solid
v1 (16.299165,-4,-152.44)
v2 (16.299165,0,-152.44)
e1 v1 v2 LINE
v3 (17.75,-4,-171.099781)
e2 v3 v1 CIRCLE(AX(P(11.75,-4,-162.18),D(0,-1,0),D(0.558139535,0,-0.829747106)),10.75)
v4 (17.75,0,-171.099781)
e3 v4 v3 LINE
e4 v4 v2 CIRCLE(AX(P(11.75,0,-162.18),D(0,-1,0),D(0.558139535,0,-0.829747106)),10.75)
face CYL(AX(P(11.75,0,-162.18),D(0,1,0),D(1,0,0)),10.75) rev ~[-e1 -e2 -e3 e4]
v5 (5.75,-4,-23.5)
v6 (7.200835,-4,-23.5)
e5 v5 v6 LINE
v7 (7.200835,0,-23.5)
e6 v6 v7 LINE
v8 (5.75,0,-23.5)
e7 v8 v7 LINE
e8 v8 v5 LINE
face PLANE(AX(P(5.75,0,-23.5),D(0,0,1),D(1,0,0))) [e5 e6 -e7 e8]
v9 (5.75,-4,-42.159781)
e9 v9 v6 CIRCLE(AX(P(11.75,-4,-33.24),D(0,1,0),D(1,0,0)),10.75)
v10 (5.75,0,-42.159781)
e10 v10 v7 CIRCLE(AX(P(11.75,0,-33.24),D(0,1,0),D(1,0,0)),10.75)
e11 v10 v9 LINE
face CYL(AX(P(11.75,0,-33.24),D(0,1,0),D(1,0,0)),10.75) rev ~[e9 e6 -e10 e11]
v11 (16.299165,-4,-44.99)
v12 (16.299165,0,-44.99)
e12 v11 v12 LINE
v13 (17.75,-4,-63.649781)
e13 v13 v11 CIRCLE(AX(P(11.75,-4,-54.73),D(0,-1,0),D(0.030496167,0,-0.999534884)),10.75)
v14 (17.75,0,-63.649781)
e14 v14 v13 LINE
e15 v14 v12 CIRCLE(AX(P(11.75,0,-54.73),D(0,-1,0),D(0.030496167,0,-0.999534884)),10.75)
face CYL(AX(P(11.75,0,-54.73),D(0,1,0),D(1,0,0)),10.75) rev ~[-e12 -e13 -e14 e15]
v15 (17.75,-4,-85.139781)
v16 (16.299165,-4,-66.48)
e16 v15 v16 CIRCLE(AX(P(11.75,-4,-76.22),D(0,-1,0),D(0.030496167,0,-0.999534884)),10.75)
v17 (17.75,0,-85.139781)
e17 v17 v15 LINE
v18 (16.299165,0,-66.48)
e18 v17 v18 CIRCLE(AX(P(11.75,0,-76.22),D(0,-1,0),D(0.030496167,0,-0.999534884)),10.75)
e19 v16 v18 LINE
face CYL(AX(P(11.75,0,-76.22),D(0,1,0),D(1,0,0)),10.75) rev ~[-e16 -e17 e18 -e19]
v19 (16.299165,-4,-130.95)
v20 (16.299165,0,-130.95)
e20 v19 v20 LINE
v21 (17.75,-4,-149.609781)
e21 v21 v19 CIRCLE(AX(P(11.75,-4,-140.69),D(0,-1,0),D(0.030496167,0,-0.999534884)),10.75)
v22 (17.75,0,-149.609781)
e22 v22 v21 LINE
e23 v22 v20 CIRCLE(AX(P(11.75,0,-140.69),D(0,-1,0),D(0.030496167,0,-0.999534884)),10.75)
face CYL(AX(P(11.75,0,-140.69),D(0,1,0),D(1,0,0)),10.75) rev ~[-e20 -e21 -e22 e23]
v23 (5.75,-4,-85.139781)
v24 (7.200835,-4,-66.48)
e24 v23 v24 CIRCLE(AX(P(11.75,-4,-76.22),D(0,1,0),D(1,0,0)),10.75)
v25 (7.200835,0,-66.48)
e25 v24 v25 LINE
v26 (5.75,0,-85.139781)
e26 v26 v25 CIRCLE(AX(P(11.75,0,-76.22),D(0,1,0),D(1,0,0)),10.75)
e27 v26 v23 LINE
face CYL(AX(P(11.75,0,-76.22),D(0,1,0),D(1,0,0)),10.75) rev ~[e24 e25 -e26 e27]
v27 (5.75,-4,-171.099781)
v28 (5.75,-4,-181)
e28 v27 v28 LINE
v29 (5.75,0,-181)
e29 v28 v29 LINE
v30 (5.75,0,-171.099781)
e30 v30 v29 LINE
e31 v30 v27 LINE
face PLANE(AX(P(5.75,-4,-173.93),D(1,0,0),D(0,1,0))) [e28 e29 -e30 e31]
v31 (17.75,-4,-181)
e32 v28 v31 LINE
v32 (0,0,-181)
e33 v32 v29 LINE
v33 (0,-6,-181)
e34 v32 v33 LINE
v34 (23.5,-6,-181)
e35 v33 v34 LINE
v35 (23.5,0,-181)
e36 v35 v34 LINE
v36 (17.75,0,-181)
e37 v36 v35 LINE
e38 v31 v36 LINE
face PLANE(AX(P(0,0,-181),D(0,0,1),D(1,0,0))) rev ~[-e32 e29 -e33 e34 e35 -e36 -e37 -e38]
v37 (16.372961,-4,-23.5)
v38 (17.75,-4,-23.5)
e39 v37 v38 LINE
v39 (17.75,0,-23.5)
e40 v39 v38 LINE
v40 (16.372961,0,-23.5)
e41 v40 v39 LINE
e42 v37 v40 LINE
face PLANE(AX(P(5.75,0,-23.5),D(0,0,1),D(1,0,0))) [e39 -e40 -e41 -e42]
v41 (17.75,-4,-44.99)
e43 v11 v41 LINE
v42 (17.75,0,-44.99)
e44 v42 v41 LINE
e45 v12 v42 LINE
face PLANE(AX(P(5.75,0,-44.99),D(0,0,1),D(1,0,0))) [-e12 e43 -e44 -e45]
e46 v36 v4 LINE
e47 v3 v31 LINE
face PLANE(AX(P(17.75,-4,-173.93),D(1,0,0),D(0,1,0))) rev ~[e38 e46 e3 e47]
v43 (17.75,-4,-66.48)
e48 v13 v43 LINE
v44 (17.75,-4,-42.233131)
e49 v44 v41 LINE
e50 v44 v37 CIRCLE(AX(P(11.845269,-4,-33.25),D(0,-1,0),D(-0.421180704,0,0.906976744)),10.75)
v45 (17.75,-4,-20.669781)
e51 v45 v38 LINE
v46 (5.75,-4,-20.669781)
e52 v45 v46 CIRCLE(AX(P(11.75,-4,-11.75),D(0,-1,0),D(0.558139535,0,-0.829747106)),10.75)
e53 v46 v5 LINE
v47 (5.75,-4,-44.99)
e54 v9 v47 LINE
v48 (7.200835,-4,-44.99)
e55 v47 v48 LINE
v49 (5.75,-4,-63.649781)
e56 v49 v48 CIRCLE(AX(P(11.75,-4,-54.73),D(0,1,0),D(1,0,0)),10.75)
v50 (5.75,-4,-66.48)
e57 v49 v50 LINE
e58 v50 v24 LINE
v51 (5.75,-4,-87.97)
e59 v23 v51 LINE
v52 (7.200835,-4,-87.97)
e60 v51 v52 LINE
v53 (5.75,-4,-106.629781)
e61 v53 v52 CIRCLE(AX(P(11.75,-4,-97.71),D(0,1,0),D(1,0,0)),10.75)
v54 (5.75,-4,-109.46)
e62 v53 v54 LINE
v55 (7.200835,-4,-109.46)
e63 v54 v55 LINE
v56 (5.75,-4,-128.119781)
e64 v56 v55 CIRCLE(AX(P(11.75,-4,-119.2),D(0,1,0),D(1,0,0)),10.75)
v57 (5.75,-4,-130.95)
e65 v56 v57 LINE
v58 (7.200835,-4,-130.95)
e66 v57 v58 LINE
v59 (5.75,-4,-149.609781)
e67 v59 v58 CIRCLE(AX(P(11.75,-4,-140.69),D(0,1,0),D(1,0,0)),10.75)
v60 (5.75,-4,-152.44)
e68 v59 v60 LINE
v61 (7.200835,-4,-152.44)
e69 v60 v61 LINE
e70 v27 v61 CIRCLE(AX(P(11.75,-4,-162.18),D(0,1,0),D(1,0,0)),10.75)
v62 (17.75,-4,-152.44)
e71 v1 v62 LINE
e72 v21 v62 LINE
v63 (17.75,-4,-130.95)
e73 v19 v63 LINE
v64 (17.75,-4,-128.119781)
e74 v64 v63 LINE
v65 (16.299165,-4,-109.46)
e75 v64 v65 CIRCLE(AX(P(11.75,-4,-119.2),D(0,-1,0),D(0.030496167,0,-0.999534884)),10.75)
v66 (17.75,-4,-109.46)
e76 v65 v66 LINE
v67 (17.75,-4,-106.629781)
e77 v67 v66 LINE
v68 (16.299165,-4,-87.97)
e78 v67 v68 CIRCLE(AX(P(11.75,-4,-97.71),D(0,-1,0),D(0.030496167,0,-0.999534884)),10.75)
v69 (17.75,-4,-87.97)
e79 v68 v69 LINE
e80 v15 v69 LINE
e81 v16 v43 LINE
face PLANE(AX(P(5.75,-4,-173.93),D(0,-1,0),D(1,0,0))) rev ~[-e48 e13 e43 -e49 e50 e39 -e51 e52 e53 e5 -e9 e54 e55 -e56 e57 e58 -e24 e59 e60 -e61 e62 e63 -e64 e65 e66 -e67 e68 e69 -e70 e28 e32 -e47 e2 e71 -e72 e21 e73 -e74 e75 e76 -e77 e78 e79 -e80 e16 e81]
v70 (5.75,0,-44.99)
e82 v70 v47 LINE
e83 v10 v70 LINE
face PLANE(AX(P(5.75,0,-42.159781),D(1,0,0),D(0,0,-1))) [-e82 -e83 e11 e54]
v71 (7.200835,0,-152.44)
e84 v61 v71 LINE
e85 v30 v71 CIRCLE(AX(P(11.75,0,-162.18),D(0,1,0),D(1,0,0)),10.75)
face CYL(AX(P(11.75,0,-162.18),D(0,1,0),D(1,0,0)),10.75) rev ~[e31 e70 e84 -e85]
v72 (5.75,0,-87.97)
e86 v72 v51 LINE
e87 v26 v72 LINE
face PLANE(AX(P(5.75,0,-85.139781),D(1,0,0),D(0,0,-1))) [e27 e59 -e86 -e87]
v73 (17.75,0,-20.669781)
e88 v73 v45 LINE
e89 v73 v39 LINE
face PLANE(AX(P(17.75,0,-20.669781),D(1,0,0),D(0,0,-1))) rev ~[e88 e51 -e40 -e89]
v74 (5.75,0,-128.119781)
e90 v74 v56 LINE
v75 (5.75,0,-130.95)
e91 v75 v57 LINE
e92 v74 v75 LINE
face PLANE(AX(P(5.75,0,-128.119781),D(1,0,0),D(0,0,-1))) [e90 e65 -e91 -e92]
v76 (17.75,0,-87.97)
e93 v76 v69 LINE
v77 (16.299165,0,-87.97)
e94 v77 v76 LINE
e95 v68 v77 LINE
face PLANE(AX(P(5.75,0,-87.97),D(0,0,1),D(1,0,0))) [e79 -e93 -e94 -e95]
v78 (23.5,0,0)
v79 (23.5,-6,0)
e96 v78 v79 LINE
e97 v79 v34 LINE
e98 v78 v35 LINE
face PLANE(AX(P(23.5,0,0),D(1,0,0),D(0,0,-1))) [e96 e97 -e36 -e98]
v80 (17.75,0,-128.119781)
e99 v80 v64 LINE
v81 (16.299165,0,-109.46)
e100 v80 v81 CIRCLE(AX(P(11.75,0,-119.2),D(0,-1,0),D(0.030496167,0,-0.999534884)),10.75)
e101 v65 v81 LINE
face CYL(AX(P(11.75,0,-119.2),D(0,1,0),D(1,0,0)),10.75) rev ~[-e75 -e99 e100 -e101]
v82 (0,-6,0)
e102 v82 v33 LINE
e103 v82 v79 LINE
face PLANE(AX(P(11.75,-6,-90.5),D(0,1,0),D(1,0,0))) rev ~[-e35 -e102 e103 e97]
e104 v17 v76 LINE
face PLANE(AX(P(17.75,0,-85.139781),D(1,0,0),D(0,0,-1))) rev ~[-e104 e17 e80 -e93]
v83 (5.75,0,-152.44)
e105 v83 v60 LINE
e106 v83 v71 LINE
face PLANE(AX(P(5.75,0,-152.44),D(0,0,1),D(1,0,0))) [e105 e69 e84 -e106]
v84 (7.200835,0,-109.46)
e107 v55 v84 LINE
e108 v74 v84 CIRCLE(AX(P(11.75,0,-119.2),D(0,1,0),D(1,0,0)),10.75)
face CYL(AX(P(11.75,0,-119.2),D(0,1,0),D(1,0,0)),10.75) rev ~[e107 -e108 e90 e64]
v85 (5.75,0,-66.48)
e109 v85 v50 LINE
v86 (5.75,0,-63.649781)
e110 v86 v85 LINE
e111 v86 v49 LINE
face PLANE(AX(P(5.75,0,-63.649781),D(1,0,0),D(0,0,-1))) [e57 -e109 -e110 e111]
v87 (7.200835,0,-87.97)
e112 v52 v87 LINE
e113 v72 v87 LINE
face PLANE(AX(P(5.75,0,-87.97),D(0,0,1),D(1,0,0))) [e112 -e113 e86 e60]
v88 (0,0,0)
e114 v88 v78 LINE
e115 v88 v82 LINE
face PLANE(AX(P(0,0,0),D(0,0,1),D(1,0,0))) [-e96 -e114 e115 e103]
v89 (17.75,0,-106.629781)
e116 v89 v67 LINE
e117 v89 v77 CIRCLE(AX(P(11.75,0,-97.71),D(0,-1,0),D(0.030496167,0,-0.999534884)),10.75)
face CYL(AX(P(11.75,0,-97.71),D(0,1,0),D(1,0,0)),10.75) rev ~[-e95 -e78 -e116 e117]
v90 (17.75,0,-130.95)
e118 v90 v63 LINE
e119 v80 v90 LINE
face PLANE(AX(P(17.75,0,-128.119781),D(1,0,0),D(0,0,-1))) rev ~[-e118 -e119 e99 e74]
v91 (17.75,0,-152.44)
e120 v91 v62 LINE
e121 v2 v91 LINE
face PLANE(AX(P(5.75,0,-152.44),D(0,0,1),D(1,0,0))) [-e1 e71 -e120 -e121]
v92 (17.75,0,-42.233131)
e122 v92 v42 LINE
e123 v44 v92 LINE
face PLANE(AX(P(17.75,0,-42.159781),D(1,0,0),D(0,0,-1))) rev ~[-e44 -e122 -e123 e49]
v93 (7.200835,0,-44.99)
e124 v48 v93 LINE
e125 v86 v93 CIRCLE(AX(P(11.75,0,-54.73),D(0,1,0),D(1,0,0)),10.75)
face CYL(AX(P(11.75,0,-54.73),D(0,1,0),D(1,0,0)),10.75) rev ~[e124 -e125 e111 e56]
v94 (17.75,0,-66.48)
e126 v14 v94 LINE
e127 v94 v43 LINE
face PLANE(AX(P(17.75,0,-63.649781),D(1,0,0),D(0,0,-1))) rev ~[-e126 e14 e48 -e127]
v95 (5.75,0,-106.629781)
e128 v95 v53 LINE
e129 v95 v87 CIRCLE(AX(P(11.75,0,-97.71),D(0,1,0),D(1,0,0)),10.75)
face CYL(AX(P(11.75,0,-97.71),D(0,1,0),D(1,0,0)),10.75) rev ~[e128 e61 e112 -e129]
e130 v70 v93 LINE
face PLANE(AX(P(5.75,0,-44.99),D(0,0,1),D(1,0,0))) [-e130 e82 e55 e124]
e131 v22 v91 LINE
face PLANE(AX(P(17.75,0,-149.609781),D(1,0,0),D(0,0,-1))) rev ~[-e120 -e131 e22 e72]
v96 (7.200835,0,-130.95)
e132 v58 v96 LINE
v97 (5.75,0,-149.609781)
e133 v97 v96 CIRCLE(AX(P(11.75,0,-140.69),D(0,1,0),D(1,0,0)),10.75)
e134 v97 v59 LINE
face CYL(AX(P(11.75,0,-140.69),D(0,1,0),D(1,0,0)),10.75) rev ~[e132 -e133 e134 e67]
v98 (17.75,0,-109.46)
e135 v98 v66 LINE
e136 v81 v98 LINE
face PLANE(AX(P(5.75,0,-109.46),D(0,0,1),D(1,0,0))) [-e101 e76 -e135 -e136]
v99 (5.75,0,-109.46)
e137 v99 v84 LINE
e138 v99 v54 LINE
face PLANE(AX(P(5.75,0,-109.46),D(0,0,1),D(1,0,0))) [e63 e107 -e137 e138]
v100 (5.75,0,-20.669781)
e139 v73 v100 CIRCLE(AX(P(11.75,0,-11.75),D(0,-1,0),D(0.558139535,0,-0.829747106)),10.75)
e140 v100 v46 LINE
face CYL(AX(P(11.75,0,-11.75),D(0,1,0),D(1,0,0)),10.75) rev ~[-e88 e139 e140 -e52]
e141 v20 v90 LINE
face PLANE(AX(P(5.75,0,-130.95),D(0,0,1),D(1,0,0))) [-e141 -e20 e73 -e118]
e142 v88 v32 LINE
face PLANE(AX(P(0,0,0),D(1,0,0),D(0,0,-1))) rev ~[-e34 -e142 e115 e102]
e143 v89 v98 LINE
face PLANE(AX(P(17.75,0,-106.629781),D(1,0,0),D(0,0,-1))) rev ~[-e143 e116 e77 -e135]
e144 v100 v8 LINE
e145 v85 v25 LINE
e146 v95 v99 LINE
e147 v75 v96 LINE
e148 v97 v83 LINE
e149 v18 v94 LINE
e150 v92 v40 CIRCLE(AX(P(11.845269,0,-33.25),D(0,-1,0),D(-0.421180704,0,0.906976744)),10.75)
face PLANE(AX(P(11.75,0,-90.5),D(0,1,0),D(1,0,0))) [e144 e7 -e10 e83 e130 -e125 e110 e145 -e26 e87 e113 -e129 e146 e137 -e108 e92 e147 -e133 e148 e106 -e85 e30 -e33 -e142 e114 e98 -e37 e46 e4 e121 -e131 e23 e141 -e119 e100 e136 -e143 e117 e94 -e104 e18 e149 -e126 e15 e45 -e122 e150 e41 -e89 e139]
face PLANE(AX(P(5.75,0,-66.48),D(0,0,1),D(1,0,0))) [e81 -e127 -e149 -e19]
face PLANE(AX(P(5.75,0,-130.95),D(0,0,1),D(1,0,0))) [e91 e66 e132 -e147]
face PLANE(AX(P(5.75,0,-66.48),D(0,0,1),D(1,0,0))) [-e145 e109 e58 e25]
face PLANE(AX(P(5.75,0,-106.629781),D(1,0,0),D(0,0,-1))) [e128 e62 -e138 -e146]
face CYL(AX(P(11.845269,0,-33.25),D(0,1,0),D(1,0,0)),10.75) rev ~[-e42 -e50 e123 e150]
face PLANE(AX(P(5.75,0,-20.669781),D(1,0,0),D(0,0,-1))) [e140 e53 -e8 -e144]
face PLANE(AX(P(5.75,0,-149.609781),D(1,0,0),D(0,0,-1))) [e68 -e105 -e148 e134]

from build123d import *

# Parameters (mm, degrees)
SKETCH1_W           = 23.5
SKETCH1_H           = 181
BOSS_EXTRUDE1_DEPTH = 6
SKETCH2_R           = 10.75
CUT_EXTRUDE1_DEPTH  = 4
SKETCH3_W           = 12
SKETCH3_H           = 2.830218613
CUT_EXTRUDE2_DEPTH  = 4
SKETCH5_R           = 10.75
CUT_EXTRUDE5_DEPTH  = 4
LPATTERN1_COUNT     = 8
LPATTERN1_PITCH     = 21.49
SKETCH4_W           = 12
SKETCH4_H           = 4
CUT_EXTRUDE3_DEPTH  = 8.07


with BuildPart() as part:
    # Sketch1 → Boss-Extrude1 (new body)
    with BuildSketch(Plane(origin=(0, 0, 0), x_dir=(1, 0, 0), z_dir=(0, 1, 0))):
        with Locations((11.75, 90.5)):
            Rectangle(SKETCH1_W, SKETCH1_H)
    extrude(amount=-BOSS_EXTRUDE1_DEPTH)

    # Sketch2 → Cut-Extrude1 (cut)
    with BuildSketch(Plane(origin=(0, 0, 0), x_dir=(1, 0, 0), z_dir=(0, 1, 0))):
        with Locations((11.75, 11.75)):
            Circle(SKETCH2_R)
    cut_extrude1 = extrude(amount=-CUT_EXTRUDE1_DEPTH, mode=Mode.SUBTRACT)

    # Sketch3 → Cut-Extrude2 (cut)
    with BuildSketch(Plane(origin=(0, 0, 0), x_dir=(1, 0, 0), z_dir=(0, 1, 0))):
        with Locations((11.75, 22.084890694)):
            Rectangle(SKETCH3_W, SKETCH3_H)
    cut_extrude2 = extrude(amount=-CUT_EXTRUDE2_DEPTH, mode=Mode.SUBTRACT)

    # Sketch5 → Cut-Extrude5 (cut)
    with BuildSketch(Plane(origin=(0, 0, 0), x_dir=(1, 0, 0), z_dir=(0, 1, 0))):
        with Locations((11.845268795, 33.25)):
            Circle(SKETCH5_R)
    extrude(amount=-CUT_EXTRUDE5_DEPTH, mode=Mode.SUBTRACT)

    # LPattern1: Cut-Extrude1, Cut-Extrude2 ×8
    with Locations(*[(0, 0, -i * LPATTERN1_PITCH) for i in range(1, LPATTERN1_COUNT)]):
        add(cut_extrude1, mode=Mode.SUBTRACT)
        add(cut_extrude2, mode=Mode.SUBTRACT)

    # Sketch4 → Cut-Extrude3 (cut, through all)
    with BuildSketch(Plane.XY.offset(-173.93)):
        with Locations((11.75, -2)):
            Rectangle(SKETCH4_W, SKETCH4_H)
    extrude(amount=-CUT_EXTRUDE3_DEPTH, mode=Mode.SUBTRACT)


solid = part.part
